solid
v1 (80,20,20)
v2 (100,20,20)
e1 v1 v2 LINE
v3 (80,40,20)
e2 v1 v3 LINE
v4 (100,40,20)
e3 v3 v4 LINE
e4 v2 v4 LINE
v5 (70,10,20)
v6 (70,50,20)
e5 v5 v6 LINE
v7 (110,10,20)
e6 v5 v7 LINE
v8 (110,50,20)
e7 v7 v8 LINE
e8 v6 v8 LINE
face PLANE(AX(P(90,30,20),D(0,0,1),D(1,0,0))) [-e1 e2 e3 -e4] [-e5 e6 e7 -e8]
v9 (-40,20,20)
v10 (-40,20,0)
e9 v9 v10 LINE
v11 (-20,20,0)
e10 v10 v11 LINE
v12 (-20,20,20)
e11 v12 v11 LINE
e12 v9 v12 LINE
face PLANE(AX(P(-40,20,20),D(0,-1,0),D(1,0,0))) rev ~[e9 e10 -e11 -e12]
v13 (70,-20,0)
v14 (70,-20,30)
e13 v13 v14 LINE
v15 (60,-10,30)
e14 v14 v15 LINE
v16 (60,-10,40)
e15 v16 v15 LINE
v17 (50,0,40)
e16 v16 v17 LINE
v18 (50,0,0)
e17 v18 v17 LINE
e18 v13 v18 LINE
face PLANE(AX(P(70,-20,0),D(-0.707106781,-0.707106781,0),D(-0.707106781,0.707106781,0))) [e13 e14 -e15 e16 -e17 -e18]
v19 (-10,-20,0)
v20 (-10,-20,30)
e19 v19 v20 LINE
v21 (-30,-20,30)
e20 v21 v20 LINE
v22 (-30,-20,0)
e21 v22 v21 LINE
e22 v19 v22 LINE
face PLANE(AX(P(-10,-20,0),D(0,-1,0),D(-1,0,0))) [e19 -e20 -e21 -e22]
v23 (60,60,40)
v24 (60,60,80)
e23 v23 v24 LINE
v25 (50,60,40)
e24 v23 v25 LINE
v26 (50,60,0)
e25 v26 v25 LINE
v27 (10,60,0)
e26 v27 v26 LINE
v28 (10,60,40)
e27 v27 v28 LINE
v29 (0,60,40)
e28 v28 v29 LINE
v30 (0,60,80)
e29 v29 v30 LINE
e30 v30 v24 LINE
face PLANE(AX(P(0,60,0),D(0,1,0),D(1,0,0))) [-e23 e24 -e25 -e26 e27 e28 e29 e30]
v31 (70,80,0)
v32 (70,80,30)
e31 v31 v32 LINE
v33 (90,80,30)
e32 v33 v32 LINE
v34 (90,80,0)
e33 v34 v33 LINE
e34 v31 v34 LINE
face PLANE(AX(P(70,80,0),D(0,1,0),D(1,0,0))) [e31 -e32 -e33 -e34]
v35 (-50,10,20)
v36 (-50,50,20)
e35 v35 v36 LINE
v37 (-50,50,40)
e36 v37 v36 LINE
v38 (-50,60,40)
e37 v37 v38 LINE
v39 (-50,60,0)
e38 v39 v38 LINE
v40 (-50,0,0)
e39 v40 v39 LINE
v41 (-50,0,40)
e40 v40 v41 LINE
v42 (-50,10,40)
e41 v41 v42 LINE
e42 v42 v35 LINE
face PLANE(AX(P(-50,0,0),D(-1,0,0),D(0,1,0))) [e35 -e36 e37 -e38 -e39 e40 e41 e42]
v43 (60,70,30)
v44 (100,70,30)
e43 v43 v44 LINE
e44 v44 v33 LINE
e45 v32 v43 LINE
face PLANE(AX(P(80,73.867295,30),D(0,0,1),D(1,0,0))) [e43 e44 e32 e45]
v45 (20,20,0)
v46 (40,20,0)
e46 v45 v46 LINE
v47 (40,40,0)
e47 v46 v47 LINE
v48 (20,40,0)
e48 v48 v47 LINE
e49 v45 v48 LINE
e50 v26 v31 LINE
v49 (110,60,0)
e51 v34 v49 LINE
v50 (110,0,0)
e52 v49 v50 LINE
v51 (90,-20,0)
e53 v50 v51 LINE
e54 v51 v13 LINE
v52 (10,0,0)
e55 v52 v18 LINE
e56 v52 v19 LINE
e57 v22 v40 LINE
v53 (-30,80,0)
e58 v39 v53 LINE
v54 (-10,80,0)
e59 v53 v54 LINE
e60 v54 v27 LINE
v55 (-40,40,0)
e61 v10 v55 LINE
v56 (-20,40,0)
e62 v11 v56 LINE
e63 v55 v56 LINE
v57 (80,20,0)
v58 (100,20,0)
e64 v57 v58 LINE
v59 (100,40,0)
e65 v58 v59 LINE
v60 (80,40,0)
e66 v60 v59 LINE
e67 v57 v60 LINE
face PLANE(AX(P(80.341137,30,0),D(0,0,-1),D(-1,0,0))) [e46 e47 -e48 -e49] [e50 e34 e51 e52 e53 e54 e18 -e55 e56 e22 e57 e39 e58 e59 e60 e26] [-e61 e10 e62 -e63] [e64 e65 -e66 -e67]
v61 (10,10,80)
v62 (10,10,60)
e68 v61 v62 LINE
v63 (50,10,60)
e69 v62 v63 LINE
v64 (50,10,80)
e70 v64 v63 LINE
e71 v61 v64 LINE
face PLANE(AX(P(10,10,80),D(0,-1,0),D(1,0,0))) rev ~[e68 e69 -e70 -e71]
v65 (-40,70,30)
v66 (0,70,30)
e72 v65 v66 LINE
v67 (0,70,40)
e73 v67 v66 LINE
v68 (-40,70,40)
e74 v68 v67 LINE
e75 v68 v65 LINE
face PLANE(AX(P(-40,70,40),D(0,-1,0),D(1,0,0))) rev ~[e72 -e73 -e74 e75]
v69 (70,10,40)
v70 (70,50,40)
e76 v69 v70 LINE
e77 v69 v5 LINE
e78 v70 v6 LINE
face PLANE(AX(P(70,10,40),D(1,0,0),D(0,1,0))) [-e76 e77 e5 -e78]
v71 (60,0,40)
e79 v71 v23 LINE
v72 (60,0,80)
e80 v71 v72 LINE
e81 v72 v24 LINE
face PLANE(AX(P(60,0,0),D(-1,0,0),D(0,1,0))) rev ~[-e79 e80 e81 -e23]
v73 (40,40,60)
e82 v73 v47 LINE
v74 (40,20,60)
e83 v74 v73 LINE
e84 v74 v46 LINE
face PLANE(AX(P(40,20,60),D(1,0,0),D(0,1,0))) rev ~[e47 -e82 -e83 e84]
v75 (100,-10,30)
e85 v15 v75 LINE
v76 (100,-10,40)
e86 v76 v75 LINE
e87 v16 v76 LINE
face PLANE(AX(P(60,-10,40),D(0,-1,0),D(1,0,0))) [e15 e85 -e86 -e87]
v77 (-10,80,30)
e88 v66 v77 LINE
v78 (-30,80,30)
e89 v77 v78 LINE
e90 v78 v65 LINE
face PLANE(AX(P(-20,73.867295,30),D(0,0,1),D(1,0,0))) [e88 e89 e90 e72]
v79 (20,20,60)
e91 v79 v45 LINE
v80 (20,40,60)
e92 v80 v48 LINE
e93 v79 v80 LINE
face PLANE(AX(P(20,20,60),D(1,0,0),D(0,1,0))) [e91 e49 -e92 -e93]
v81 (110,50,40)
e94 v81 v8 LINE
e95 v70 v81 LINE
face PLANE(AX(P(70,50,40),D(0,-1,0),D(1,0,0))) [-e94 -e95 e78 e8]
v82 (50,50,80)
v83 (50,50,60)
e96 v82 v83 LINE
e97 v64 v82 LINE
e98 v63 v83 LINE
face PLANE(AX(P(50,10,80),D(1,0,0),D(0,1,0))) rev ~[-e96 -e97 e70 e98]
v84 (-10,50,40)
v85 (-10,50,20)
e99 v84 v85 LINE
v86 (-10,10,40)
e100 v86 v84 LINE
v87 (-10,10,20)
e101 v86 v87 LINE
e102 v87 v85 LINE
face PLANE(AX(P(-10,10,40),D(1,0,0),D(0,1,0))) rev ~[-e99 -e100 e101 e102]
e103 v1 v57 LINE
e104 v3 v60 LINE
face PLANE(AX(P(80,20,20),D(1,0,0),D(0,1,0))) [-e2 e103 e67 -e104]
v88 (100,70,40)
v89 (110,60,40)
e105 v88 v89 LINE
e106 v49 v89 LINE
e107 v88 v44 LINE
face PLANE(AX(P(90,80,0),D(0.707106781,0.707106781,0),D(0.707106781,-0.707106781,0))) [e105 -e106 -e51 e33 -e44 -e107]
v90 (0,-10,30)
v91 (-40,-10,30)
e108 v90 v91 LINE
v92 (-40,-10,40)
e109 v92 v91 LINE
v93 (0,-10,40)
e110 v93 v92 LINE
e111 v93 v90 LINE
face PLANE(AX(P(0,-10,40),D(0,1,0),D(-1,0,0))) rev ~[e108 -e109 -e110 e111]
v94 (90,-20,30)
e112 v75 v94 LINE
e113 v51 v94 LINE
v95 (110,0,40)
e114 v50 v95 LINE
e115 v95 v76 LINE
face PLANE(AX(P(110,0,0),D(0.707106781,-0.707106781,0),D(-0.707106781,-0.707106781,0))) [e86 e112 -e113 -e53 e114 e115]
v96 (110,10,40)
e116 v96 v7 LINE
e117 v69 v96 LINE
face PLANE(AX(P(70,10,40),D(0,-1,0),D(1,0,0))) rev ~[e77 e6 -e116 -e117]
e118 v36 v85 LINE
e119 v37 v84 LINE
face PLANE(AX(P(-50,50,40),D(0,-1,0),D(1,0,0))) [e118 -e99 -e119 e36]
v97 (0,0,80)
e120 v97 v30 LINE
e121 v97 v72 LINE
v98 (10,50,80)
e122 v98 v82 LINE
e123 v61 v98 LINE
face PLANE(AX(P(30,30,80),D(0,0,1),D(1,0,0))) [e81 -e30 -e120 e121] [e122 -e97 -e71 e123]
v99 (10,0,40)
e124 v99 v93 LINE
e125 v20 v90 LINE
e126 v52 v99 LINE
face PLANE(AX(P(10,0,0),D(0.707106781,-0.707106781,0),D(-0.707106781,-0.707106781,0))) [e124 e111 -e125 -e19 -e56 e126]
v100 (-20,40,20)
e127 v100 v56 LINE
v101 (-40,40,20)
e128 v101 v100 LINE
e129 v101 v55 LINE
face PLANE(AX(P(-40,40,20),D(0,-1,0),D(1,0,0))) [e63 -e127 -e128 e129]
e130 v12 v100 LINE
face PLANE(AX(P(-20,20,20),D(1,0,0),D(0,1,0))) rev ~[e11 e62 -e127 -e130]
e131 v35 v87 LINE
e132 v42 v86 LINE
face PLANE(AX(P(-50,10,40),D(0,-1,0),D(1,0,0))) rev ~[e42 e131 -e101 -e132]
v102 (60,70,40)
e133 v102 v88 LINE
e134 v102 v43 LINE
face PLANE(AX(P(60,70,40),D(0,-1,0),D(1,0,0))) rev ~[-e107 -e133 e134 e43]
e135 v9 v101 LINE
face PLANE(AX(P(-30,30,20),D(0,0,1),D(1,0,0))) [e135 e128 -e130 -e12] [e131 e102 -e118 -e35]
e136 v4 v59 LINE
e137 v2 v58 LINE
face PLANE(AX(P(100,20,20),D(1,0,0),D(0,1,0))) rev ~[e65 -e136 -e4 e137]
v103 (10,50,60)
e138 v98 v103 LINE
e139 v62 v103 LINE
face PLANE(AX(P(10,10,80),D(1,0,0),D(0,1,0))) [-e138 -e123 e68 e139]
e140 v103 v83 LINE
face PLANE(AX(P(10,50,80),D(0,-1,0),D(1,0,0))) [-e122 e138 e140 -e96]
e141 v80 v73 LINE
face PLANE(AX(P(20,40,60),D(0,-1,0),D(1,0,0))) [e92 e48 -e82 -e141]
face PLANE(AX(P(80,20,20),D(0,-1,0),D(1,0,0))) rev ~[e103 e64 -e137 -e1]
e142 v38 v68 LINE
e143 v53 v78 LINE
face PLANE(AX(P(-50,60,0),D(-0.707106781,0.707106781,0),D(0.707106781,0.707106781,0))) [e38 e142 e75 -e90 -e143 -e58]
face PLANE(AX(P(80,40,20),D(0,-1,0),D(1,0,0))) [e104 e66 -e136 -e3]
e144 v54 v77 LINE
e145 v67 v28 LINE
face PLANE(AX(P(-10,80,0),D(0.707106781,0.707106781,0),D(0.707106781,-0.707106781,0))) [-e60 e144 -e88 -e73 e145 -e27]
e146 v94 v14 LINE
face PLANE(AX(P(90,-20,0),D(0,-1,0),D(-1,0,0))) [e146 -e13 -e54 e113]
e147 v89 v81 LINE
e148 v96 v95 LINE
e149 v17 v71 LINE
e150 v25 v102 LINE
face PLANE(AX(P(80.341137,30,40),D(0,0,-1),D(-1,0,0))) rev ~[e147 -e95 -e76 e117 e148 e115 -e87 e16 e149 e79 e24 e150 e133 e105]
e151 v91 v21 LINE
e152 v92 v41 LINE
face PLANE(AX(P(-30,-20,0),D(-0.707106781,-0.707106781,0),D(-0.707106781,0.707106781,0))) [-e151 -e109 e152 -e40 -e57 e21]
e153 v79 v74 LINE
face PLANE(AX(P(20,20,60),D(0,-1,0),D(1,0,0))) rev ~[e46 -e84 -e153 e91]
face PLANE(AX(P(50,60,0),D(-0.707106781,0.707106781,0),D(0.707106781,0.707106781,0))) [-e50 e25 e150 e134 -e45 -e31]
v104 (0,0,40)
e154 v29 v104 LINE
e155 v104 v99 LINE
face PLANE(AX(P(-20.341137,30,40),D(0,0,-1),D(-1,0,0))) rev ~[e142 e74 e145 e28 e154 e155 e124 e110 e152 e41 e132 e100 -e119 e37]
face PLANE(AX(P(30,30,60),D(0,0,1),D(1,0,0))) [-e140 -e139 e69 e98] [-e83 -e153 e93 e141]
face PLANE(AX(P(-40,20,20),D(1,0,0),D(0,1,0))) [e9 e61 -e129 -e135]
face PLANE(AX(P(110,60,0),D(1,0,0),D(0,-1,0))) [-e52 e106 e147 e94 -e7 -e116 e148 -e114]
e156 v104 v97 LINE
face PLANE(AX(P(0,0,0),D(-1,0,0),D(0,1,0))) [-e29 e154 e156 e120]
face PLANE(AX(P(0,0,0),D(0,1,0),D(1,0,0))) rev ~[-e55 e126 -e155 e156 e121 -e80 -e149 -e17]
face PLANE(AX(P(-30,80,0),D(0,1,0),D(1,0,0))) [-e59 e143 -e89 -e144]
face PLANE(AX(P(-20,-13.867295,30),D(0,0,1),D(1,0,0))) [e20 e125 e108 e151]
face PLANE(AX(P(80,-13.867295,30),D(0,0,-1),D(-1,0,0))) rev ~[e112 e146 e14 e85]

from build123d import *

# Parameters (mm, degrees)
SKETCH1_W           = 60
SKETCH1_H           = 60
BOSS_EXTRUDE1_DEPTH = 80
SKETCH2_W           = 40
SKETCH2_H           = 40
CUT_EXTRUDE1_DEPTH  = 20
SKETCH3_W           = 20
SKETCH3_H           = 20
CUT_EXTRUDE2_DEPTH  = 136
BOSS_EXTRUDE2_DEPTH = 40
CUT_EXTRUDE3_DEPTH  = 10
SKETCH7_W           = 40
SKETCH7_H           = 40
CUT_EXTRUDE4_DEPTH  = 20
SKETCH8_W           = 20
SKETCH8_H           = 20
CUT_EXTRUDE5_DEPTH  = 20
BOSS_EXTRUDE3_DEPTH = 40
CUT_EXTRUDE6_DEPTH  = 10
SKETCH11_W          = 40
SKETCH11_H          = 40
CUT_EXTRUDE7_DEPTH  = 20
SKETCH12_W          = 20
SKETCH12_H          = 20
CUT_EXTRUDE8_DEPTH  = 20


with BuildPart() as part:
    # Sketch1 → Boss-Extrude1 (new body)
    with BuildSketch(Plane.XY):
        with Locations((30, 30)):
            Rectangle(SKETCH1_W, SKETCH1_H)
    extrude(amount=BOSS_EXTRUDE1_DEPTH)

    # Sketch2 → Cut-Extrude1 (cut)
    with BuildSketch(Plane.XY.offset(80)):
        with Locations((30, 30)):
            Rectangle(SKETCH2_W, SKETCH2_H)
    extrude(amount=-CUT_EXTRUDE1_DEPTH, mode=Mode.SUBTRACT)

    # Sketch3 → Cut-Extrude2 (cut)
    with BuildSketch(Plane.XY.offset(60)):
        with Locations((30, 30)):
            Rectangle(SKETCH3_W, SKETCH3_H)
    extrude(amount=-CUT_EXTRUDE2_DEPTH, mode=Mode.SUBTRACT)

    # Sketch5 → Boss-Extrude2 (add)
    with BuildSketch(Plane(origin=(0, 0, 0), x_dir=(-1, 0, 0), z_dir=(0, 0, -1))):
        Polygon((10, 80), (-10, 60), (0, 60), (0, 0), (-10, 0), (10, -20), (30, -20), (50, 0), (50, 60), (30, 80), align=None)
    extrude(amount=-BOSS_EXTRUDE2_DEPTH)

    # Sketch6 → Cut-Extrude3 (cut)
    with BuildSketch(Plane.XY.offset(40)):
        Polygon((-40, 70), (0, 70), (-10, 80), (-30, 80), align=None)
        Polygon((0, -10), (-40, -10), (-30, -20), (-10, -20), align=None)
    extrude(amount=-CUT_EXTRUDE3_DEPTH, mode=Mode.SUBTRACT)

    # Sketch7 → Cut-Extrude4 (cut)
    with BuildSketch(Plane.XY.offset(40)):
        with Locations((-30, 30)):
            Rectangle(SKETCH7_W, SKETCH7_H)
    extrude(amount=-CUT_EXTRUDE4_DEPTH, mode=Mode.SUBTRACT)

    # Sketch8 → Cut-Extrude5 (cut)
    with BuildSketch(Plane.XY.offset(20)):
        with Locations((-30, 30)):
            Rectangle(SKETCH8_W, SKETCH8_H)
    extrude(amount=-CUT_EXTRUDE5_DEPTH, mode=Mode.SUBTRACT)

    # Sketch9 → Boss-Extrude3 (add)
    with BuildSketch(Plane(origin=(0, 0, 0), x_dir=(-1, 0, 0), z_dir=(0, 0, -1))):
        Polygon((-50, 60), (-70, 80), (-90, 80), (-110, 60), (-110, 0), (-90, -20), (-70, -20), (-50, 0), (-60, 0), (-60, 60), align=None)
    extrude(amount=-BOSS_EXTRUDE3_DEPTH)

    # Sketch10 → Cut-Extrude6 (cut)
    with BuildSketch(Plane.XY.offset(40)):
        Polygon((60, 70), (100, 70), (90, 80), (70, 80), align=None)
        Polygon((60, -10), (100, -10), (90, -20), (70, -20), align=None)
    extrude(amount=-CUT_EXTRUDE6_DEPTH, mode=Mode.SUBTRACT)

    # Sketch11 → Cut-Extrude7 (cut)
    with BuildSketch(Plane.XY.offset(40)):
        with Locations((90, 30)):
            Rectangle(SKETCH11_W, SKETCH11_H)
    extrude(amount=-CUT_EXTRUDE7_DEPTH, mode=Mode.SUBTRACT)

    # Sketch12 → Cut-Extrude8 (cut)
    with BuildSketch(Plane.XY.offset(20)):
        with Locations((90, 30)):
            Rectangle(SKETCH12_W, SKETCH12_H)
    extrude(amount=-CUT_EXTRUDE8_DEPTH, mode=Mode.SUBTRACT)


solid = part.part
